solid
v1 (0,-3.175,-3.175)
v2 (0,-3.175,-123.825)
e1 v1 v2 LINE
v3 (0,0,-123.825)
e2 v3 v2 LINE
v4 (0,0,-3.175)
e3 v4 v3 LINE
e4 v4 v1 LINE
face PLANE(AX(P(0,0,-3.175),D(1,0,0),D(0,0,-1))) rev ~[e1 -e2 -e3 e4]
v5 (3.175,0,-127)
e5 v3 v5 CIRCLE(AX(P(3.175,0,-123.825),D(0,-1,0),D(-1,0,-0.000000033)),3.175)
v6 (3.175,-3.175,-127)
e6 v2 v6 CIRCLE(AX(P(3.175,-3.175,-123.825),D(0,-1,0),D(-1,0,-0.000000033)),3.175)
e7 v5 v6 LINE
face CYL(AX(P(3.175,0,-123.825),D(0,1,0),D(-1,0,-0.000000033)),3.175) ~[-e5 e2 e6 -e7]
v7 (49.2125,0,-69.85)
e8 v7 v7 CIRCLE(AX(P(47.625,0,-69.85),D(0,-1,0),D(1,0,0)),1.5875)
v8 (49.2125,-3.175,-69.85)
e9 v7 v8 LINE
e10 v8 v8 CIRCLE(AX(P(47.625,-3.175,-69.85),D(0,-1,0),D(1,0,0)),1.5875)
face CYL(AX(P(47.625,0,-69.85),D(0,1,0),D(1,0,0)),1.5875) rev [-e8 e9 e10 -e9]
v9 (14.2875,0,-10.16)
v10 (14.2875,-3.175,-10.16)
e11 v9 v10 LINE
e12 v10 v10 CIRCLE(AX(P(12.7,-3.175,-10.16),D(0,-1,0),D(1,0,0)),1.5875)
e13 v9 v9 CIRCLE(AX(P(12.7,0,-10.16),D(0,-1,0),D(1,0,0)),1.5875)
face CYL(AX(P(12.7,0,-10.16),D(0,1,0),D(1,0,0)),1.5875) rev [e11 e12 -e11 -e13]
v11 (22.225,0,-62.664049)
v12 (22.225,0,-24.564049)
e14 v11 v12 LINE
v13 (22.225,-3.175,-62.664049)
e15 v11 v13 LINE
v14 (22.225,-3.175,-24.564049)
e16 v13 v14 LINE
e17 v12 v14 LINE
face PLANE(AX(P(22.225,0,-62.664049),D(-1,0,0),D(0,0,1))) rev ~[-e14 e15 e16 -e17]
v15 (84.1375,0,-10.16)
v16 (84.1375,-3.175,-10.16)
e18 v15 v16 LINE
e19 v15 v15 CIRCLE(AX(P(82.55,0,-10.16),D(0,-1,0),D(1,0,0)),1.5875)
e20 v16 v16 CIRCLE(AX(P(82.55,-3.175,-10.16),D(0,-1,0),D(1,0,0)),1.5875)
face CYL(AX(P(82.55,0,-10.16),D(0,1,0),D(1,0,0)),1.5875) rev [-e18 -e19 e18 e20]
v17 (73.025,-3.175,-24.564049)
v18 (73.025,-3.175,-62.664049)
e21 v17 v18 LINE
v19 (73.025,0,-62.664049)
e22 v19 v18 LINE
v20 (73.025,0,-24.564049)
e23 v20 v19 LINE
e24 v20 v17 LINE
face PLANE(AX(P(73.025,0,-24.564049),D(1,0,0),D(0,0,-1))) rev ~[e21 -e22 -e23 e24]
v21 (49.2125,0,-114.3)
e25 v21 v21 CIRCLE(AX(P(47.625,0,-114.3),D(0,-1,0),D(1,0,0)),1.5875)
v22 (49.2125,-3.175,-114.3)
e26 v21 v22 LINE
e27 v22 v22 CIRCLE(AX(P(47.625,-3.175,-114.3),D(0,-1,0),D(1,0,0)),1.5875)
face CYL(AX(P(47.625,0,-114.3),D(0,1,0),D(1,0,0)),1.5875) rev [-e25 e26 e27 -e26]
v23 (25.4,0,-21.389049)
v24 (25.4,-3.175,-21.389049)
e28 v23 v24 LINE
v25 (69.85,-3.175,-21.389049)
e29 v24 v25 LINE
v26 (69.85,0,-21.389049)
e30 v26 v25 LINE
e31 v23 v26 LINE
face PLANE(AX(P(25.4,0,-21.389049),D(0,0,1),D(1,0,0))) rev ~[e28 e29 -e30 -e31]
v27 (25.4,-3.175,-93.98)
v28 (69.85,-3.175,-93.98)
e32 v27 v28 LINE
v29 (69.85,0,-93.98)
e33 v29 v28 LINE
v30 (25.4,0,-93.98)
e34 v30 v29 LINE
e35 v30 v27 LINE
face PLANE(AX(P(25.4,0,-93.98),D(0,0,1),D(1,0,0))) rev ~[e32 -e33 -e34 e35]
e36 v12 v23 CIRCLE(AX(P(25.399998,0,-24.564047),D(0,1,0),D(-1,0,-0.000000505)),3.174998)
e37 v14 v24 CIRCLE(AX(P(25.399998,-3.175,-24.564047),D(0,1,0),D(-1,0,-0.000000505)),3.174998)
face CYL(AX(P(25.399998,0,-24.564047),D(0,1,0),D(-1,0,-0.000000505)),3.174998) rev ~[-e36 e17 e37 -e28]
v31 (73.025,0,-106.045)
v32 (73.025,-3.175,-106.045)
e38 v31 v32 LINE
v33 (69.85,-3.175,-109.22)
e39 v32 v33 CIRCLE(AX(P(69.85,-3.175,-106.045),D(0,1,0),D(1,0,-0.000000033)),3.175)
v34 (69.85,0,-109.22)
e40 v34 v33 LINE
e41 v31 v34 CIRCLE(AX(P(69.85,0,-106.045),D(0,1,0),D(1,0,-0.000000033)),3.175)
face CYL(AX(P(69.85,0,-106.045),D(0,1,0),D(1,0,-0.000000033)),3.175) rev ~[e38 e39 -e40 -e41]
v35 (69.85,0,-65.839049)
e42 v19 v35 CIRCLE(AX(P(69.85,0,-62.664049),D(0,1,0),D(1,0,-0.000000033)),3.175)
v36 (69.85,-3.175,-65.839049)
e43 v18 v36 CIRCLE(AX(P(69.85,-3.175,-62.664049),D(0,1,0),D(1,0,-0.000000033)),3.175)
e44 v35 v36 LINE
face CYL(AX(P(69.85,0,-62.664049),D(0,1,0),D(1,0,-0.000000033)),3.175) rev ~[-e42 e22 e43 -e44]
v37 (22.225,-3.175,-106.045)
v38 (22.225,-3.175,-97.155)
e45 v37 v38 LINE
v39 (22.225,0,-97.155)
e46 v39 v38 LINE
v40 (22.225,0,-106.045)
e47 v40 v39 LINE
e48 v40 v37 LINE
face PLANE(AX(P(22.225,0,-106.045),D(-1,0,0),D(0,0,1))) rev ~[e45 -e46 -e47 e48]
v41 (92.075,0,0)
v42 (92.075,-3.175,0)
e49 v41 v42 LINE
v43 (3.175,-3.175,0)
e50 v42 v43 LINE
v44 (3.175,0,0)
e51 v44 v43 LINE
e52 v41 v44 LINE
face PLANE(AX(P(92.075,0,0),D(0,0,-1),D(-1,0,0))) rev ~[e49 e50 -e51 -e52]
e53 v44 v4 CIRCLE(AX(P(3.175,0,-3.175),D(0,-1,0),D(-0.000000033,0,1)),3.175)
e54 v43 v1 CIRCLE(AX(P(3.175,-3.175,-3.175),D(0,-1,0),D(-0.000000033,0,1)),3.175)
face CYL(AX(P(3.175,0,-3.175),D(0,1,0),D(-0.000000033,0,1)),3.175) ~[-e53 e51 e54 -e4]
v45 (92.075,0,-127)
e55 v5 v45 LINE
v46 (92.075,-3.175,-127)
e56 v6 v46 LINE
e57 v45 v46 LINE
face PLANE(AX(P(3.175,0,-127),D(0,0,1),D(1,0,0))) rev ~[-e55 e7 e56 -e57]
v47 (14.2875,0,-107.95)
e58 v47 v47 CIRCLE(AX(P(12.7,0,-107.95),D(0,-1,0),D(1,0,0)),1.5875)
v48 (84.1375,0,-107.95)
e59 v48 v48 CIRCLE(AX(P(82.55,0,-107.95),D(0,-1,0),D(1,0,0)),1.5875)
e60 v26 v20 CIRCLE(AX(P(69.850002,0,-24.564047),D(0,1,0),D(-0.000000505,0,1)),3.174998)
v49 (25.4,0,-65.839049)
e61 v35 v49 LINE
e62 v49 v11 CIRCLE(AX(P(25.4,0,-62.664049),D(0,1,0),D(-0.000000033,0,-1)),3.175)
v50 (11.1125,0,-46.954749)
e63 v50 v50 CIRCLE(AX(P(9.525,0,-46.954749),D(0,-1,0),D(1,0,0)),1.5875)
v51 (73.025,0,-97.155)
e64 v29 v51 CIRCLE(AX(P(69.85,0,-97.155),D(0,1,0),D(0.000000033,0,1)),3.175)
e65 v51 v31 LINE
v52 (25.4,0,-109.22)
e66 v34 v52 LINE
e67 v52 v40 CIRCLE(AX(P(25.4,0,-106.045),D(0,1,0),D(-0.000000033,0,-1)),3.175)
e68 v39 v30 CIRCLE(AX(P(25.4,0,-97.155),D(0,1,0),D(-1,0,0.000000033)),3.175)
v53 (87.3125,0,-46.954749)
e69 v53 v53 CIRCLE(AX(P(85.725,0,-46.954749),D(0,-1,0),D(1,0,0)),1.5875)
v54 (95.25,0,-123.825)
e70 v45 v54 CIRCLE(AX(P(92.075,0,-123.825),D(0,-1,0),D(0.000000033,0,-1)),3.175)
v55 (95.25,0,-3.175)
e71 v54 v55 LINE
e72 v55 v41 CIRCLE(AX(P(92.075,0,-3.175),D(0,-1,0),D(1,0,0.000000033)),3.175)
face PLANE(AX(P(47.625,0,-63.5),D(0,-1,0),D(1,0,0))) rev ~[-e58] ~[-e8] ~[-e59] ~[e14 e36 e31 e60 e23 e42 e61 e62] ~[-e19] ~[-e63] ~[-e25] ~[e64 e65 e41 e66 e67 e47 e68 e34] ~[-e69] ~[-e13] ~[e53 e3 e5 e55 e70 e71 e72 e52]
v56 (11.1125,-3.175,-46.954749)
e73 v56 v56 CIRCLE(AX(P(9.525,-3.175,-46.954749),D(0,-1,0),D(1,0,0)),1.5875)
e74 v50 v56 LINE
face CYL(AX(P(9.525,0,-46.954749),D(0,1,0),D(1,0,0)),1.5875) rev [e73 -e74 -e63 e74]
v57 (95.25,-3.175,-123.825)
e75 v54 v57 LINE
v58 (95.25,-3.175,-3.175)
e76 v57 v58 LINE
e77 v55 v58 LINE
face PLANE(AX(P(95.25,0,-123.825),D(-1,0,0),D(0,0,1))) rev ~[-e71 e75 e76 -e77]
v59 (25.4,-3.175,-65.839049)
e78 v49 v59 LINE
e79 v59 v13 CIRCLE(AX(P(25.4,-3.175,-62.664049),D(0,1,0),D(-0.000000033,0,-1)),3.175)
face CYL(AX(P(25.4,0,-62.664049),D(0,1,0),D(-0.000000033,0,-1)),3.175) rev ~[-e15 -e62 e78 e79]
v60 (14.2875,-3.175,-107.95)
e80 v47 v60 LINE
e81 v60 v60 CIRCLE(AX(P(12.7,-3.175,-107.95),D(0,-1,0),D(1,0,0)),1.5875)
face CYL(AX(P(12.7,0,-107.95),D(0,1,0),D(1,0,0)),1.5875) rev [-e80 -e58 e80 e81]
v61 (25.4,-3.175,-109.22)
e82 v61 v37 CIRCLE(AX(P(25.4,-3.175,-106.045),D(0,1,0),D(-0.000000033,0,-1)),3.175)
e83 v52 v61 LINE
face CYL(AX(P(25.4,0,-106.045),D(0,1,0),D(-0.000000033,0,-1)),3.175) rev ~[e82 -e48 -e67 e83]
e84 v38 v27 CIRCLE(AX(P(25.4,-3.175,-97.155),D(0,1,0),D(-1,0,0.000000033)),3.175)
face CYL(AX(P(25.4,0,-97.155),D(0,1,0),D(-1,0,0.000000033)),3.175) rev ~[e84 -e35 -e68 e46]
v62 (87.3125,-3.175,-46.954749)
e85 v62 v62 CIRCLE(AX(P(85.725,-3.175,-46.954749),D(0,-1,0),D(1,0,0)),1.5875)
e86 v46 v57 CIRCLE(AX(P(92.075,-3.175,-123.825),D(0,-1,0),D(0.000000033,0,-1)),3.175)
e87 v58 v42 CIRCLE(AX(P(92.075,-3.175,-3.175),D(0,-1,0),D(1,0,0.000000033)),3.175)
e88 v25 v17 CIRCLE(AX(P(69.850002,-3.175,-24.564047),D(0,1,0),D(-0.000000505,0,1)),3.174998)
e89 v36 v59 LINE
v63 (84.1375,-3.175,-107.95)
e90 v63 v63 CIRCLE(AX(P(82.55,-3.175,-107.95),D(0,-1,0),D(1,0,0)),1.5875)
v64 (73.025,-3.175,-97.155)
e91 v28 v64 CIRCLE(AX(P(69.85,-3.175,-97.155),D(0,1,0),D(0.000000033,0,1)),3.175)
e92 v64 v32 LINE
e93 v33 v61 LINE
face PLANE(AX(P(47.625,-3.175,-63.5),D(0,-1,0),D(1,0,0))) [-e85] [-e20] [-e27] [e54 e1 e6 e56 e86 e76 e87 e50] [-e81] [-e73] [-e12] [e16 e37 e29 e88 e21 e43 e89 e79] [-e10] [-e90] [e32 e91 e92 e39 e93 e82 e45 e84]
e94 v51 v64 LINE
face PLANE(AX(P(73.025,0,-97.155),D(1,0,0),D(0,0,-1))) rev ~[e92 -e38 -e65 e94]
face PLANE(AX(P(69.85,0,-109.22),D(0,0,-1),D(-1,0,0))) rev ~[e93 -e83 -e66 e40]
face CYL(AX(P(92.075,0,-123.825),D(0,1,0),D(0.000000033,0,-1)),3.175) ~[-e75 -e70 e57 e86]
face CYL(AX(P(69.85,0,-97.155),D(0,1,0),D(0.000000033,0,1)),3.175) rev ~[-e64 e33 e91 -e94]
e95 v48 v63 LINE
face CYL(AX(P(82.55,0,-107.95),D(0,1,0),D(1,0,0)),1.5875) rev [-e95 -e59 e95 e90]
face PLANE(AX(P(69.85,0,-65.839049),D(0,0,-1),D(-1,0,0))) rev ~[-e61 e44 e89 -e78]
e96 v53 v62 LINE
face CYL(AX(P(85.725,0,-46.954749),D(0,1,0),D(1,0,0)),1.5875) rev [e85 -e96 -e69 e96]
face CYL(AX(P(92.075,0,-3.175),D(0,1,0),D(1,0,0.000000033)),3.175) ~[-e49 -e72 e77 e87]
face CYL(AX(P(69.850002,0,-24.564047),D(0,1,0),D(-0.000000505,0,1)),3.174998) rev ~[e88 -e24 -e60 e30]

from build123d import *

# Parameters (mm, degrees)
F0_R     = 1.5875
F1_DEPTH = 3.175


with BuildPart() as f1:
    # F0 (on Front) → F1 (new body)
    with BuildSketch(Plane.XZ):
        with BuildLine():
            Line((92.075, 0), (3.175, 0))
            ThreePointArc((3.175, 0), (0.929936, -0.929936), (0, -3.175))
            Line((0, -3.175), (0, -123.825))
            ThreePointArc((0, -123.825), (0.929936, -126.070064), (3.175, -127))
            Line((3.175, -127), (92.075, -127))
            ThreePointArc((92.075, -127), (94.320064, -126.070064), (95.25, -123.825))
            Line((95.25, -123.825), (95.25, -3.175))
            ThreePointArc((95.25, -3.175), (94.320064, -0.929936), (92.075, 0))
        make_face()
        with Locations((12.7, -107.95)):
            Circle(F0_R, mode=Mode.SUBTRACT)
        with Locations((47.625, -114.3)):
            Circle(F0_R, mode=Mode.SUBTRACT)
        with BuildLine():
            Line((25.4, -93.98), (69.85, -93.98))
            ThreePointArc((69.85, -93.98), (72.095064, -94.909936), (73.025, -97.155))
            Line((73.025, -97.155), (73.025, -106.045))
            ThreePointArc((73.025, -106.045), (72.095064, -108.290064), (69.85, -109.22))
            Line((69.85, -109.22), (25.4, -109.22))
            ThreePointArc((25.4, -109.22), (23.154936, -108.290064), (22.225, -106.045))
            Line((22.225, -106.045), (22.225, -97.155))
            ThreePointArc((22.225, -97.155), (23.154936, -94.909936), (25.4, -93.98))
        make_face(mode=Mode.SUBTRACT)
        with Locations((82.55, -107.95)):
            Circle(F0_R, mode=Mode.SUBTRACT)
        with Locations((47.625, -69.85)):
            Circle(F0_R, mode=Mode.SUBTRACT)
        with Locations((9.525, -46.954749)):
            Circle(F0_R, mode=Mode.SUBTRACT)
        with Locations((12.7, -10.16)):
            Circle(F0_R, mode=Mode.SUBTRACT)
        with BuildLine():
            ThreePointArc((22.225, -24.564049), (23.154936, -22.318984), (25.4, -21.389049))
            Line((25.4, -21.389049), (69.85, -21.389049))
            ThreePointArc((69.85, -21.389049), (72.095064, -22.318984), (73.025, -24.564049))
            Line((73.025, -24.564049), (73.025, -62.664049))
            ThreePointArc((73.025, -62.664049), (72.095064, -64.909113), (69.85, -65.839049))
            Line((69.85, -65.839049), (25.4, -65.839049))
            ThreePointArc((25.4, -65.839049), (23.154936, -64.909113), (22.225, -62.664049))
            Line((22.225, -62.664049), (22.225, -24.564049))
        make_face(mode=Mode.SUBTRACT)
        with Locations((85.725, -46.954749)):
            Circle(F0_R, mode=Mode.SUBTRACT)
        with Locations((82.55, -10.16)):
            Circle(F0_R, mode=Mode.SUBTRACT)
    extrude(amount=F1_DEPTH)


solid = f1.part
